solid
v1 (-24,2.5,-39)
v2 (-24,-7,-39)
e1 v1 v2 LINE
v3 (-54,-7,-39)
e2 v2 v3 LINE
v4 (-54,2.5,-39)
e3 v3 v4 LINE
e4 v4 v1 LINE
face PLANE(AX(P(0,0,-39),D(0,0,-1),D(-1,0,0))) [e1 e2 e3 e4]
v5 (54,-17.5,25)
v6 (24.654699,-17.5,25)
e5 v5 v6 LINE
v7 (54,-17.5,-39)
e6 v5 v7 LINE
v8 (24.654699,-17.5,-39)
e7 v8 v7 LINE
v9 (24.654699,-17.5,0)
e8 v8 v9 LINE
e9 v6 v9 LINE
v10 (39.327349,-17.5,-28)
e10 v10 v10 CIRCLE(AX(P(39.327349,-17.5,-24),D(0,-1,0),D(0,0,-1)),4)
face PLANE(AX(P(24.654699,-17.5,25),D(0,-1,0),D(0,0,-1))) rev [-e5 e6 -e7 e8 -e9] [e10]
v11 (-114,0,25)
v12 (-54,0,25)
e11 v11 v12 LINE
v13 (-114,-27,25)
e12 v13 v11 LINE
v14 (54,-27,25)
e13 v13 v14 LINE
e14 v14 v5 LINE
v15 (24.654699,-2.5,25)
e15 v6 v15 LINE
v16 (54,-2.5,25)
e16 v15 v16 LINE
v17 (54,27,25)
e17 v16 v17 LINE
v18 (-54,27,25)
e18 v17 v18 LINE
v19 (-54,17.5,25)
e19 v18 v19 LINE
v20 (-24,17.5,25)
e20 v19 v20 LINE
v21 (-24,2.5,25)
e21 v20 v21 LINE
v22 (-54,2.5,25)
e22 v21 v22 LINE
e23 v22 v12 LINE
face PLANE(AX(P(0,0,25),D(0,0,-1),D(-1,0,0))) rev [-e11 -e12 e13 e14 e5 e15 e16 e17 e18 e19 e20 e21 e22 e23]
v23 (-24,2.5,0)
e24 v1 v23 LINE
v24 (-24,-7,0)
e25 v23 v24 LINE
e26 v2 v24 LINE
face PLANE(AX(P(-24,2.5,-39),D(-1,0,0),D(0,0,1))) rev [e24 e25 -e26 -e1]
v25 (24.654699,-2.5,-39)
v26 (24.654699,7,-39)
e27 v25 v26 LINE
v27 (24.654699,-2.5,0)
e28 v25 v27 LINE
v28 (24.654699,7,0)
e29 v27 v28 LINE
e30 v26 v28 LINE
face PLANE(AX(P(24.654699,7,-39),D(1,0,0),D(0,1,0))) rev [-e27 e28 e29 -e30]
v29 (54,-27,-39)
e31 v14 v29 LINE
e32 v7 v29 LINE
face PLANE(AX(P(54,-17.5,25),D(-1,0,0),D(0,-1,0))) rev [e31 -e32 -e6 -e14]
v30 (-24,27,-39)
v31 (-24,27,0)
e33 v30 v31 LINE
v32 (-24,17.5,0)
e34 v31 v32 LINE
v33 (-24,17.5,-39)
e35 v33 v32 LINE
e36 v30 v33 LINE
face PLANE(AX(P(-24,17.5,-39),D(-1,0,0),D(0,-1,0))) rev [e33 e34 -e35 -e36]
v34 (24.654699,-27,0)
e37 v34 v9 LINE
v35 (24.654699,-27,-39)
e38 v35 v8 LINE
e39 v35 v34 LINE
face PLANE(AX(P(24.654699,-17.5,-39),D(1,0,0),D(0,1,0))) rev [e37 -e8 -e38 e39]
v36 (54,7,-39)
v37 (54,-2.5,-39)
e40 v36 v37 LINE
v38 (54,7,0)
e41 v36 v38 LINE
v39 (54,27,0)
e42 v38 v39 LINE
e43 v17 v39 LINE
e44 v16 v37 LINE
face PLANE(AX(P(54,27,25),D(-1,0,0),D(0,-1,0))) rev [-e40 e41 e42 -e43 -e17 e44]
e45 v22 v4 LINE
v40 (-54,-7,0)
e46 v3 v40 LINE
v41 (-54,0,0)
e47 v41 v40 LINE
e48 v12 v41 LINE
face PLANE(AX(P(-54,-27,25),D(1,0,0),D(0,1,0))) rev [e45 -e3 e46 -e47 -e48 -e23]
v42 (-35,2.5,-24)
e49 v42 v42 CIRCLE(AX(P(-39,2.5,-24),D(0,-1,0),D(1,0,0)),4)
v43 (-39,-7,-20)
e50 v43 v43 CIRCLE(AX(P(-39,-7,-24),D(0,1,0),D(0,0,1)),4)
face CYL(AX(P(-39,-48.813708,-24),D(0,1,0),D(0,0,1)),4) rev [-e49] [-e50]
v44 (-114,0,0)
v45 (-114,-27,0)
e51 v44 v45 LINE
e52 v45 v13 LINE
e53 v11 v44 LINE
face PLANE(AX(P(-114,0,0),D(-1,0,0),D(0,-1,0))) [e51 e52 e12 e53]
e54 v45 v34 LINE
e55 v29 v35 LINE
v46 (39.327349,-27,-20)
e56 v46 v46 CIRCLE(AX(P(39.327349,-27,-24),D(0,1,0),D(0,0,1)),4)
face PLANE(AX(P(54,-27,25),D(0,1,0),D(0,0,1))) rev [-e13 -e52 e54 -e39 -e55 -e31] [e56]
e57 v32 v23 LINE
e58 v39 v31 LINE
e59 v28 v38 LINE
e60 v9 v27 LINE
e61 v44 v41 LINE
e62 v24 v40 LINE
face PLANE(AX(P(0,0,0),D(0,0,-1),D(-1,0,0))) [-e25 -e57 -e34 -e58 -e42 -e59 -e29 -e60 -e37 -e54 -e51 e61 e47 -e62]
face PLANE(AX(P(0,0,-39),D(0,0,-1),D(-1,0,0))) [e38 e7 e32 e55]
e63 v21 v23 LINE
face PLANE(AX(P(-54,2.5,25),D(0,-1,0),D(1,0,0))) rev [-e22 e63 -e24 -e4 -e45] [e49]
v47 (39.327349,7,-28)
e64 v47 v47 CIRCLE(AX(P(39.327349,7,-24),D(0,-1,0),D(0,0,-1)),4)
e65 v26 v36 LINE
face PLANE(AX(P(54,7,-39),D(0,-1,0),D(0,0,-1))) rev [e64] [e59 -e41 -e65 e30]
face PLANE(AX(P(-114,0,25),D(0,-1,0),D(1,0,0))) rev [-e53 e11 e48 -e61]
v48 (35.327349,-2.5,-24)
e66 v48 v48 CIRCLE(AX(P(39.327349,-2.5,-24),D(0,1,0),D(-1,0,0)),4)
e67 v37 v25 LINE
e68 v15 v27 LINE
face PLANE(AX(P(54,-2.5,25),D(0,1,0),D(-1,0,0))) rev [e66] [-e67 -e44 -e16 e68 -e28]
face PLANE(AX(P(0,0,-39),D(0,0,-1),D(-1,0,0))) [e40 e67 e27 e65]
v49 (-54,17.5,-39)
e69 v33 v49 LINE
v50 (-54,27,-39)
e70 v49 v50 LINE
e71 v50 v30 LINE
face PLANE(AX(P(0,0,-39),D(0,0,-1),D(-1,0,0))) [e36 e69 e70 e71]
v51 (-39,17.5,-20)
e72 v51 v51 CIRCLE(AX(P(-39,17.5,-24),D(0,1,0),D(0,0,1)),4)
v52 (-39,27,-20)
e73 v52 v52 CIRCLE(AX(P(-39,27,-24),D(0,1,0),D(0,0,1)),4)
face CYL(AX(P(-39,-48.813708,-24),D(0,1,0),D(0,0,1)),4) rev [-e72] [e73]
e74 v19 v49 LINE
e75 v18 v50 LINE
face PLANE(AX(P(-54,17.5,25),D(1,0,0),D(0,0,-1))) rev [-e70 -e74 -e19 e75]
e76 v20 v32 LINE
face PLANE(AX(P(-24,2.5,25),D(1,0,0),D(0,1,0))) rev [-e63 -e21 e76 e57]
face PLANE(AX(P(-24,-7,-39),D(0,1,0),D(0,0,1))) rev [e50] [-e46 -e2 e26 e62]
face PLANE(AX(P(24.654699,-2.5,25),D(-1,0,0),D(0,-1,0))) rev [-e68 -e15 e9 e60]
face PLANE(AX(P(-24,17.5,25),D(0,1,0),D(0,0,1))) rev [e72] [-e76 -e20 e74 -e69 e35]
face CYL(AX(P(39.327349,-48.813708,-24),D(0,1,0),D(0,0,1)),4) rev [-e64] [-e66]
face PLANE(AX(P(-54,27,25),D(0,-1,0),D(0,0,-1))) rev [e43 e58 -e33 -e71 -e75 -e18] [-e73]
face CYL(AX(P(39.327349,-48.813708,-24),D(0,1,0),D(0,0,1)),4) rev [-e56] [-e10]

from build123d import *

# Parameters (mm, degrees)
BOSS_EXTRUDE1_DEPTH              = 25
SKETCH4_W                        = 29.345301095
SKETCH4_H                        = 9.5
SKETCH4_W_2                      = 30
BOSS_EXTRUDE2_DEPTH              = 39
SKETCH2_R                        = 4
ACTUATOR_SHAFT_PASSTHROUGH_DEPTH = 54.5
SKETCH7_W                        = 25
SKETCH7_H                        = 27
BOSS_EXTRUDE4_DEPTH              = 60


with BuildPart() as part:
    # Sketch1 → Boss-Extrude1 (new body)
    with BuildSketch(Plane.XY):
        Polygon((-54, 27), (54, 27), (54, -2.5), (24.654698905, -2.5), (24.654698905, -17.5), (54, -17.5), (54, -27), (-54, -27), (-54, 2.5), (-24, 2.5), (-24, 17.5), (-54, 17.5), align=None)
    extrude(amount=BOSS_EXTRUDE1_DEPTH)

    # Sketch4 → Boss-Extrude2 (add)
    with BuildSketch(Plane(origin=(0, 0, 0), x_dir=(-1, 0, 0), z_dir=(0, 0, -1))):
        with Locations((-39.327349453, 2.25)):
            Rectangle(SKETCH4_W, SKETCH4_H)
        with Locations((-39.327349453, -22.25)):
            Rectangle(SKETCH4_W, SKETCH4_H)
        with Locations((39, -2.25)):
            Rectangle(SKETCH4_W_2, SKETCH4_H)
        with Locations((39, 22.25)):
            Rectangle(SKETCH4_W_2, SKETCH4_H)
    extrude(amount=BOSS_EXTRUDE2_DEPTH)

    # Sketch2 → Actuator Shaft Passthrough (cut)
    with BuildSketch(Plane(origin=(0, 27, 0), x_dir=(1, 0, 0), z_dir=(0, 1, 0))):
        with Locations((39.327349452, 24)):
            Circle(SKETCH2_R)
        with Locations((-39, 24)):
            Circle(SKETCH2_R)
    extrude(amount=-ACTUATOR_SHAFT_PASSTHROUGH_DEPTH, mode=Mode.SUBTRACT)

    # Sketch7 → Boss-Extrude4 (add)
    with BuildSketch(Plane.ZY.offset(54)):
        with Locations((12.5, -13.5)):
            Rectangle(SKETCH7_W, SKETCH7_H)
    extrude(amount=BOSS_EXTRUDE4_DEPTH)


solid = part.part
